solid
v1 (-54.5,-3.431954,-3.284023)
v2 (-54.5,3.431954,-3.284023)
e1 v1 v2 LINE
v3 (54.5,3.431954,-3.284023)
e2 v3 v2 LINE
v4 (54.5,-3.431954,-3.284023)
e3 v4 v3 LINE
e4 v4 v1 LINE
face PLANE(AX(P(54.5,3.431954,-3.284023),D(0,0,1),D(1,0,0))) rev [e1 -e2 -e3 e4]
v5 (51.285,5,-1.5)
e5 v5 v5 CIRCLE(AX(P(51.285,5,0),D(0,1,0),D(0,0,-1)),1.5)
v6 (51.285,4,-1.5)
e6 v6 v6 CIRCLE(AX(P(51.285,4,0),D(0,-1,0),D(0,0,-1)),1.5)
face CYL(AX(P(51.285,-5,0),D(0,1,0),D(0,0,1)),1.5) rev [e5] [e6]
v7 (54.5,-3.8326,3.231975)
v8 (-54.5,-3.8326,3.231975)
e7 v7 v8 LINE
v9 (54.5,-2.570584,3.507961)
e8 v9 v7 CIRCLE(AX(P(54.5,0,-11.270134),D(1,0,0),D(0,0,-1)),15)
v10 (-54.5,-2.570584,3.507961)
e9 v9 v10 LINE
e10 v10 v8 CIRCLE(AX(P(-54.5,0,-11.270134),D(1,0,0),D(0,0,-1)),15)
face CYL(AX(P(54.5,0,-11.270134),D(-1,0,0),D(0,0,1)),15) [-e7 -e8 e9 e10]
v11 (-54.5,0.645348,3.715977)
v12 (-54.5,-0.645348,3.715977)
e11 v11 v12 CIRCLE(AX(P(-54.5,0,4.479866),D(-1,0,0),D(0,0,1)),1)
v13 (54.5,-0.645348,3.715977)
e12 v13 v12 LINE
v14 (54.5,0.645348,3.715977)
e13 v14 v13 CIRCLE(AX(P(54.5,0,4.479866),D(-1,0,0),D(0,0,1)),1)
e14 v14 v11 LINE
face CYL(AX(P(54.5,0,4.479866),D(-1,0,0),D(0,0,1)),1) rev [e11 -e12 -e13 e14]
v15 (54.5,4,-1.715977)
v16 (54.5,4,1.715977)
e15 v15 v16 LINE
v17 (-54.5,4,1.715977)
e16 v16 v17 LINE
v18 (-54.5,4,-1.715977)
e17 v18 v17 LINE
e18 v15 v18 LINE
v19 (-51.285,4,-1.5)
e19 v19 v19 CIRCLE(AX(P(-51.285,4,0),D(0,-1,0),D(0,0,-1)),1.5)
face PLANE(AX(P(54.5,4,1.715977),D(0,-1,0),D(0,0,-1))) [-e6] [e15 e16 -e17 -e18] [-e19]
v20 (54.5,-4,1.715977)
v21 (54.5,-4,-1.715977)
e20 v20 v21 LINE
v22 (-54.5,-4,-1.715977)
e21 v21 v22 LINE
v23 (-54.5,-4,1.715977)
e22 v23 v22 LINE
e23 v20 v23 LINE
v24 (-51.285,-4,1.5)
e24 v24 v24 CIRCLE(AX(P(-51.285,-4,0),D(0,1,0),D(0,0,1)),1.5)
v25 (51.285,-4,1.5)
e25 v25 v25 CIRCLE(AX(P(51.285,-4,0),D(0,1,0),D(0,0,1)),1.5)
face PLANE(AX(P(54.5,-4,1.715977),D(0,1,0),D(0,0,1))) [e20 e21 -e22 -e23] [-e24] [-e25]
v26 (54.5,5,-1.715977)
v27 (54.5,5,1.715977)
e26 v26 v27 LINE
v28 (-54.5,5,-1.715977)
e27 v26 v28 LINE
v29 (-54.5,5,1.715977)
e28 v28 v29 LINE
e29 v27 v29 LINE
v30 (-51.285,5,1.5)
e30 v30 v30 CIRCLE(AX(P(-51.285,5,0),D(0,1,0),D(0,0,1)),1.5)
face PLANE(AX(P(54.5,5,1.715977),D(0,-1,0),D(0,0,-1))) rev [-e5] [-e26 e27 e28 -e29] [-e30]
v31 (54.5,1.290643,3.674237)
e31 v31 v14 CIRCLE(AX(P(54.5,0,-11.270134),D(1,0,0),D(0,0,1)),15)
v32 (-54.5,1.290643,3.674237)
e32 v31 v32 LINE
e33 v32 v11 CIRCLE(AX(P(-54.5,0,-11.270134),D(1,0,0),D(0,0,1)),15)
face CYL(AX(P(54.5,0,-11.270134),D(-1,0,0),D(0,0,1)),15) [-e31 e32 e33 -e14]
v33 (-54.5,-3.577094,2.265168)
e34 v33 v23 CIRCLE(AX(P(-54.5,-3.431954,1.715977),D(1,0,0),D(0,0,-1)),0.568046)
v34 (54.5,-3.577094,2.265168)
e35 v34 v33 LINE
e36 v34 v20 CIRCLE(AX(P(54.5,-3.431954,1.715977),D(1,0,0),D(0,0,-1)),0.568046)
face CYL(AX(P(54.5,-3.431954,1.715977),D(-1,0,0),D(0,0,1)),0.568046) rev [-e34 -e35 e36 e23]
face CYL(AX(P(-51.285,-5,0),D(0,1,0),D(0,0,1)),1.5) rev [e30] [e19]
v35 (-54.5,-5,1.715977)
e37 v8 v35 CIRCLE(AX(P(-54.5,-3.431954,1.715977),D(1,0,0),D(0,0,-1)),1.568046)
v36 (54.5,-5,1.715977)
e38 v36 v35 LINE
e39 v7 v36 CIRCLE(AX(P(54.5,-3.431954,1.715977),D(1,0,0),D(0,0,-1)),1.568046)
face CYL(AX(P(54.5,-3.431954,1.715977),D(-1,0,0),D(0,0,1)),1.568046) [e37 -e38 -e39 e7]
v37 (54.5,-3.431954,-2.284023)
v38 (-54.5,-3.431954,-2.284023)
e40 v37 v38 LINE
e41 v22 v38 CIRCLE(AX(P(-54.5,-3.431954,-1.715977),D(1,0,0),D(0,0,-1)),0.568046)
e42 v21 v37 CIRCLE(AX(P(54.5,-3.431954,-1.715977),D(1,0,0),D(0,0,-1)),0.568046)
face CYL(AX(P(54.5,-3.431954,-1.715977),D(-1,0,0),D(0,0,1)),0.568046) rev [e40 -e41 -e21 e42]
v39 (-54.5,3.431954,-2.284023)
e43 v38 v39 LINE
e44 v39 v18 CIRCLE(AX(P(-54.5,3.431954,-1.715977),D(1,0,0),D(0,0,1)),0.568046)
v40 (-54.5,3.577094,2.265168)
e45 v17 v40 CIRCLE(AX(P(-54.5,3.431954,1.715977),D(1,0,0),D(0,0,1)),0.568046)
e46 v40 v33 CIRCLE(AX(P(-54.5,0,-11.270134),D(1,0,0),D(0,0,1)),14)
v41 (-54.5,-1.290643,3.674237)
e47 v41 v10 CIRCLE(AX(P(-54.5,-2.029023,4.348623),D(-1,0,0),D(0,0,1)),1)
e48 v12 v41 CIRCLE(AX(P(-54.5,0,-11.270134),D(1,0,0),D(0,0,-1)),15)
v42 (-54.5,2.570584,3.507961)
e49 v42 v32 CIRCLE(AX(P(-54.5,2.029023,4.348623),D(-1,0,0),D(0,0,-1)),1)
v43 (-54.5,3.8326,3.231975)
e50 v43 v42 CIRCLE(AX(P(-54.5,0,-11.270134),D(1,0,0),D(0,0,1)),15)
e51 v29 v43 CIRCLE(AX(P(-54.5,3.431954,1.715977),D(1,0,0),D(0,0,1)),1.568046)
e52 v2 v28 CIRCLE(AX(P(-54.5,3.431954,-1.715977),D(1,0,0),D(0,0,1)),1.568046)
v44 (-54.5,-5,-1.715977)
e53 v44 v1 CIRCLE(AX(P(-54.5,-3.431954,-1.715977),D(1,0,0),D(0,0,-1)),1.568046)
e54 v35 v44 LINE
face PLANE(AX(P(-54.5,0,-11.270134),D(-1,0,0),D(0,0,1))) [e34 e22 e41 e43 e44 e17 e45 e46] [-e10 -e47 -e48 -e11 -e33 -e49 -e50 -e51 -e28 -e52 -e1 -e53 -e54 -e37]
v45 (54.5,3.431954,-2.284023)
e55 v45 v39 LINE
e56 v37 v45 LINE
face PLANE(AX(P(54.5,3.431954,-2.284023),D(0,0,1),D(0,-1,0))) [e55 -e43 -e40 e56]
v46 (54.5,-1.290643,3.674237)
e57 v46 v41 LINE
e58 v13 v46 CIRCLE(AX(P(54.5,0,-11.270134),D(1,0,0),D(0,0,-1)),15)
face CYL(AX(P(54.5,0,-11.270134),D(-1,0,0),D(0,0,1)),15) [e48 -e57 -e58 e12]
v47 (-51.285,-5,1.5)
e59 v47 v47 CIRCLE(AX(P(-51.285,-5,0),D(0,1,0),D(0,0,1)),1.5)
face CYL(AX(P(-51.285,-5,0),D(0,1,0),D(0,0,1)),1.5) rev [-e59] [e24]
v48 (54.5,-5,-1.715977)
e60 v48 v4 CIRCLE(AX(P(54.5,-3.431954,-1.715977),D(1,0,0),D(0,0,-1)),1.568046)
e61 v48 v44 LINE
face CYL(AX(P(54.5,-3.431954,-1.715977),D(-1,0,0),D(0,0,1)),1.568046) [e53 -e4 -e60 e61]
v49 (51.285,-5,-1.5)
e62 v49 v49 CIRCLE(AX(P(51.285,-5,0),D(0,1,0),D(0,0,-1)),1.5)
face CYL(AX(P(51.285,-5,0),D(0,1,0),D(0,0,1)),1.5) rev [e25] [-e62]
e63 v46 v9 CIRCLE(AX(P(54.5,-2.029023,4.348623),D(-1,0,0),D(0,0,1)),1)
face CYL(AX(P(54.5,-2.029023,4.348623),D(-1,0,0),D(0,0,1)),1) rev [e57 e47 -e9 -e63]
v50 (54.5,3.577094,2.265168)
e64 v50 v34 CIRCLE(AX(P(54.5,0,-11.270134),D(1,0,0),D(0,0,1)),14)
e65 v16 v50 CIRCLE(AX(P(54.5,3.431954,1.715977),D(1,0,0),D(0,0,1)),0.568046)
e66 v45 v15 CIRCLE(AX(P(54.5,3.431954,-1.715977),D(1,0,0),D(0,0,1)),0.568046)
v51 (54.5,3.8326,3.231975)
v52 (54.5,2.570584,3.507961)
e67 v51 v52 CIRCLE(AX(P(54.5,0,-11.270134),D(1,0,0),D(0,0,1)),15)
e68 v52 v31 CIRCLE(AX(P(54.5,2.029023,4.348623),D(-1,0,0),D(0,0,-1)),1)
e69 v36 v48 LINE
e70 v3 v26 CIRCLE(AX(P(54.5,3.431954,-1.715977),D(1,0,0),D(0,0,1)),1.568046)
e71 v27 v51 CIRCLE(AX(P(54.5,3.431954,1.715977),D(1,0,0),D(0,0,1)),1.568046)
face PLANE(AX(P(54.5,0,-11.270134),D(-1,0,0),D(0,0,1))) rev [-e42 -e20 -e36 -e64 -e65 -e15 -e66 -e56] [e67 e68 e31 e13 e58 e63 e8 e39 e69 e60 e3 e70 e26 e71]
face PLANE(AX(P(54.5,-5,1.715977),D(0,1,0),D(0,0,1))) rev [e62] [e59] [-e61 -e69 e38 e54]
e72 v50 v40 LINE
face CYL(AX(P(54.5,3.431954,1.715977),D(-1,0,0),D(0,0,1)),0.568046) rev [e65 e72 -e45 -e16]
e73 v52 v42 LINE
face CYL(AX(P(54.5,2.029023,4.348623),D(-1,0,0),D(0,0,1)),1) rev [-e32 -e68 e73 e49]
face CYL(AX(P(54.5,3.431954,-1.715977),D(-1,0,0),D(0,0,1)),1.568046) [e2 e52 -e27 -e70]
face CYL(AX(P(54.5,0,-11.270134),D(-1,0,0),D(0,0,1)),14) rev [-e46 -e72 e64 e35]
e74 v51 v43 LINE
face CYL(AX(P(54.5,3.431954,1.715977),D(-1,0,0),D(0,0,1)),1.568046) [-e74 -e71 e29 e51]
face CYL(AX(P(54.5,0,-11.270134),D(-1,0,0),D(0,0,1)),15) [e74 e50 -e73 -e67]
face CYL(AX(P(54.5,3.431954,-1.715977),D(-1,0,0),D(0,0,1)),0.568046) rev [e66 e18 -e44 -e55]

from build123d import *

# Parameters (mm, degrees)
EXTRUDE1_DEPTH          = 54.5
CUT_EXTRUDE1_DEPTH      = 55.854885702
CUT_EXTRUDE1_DEPTH_BACK = 55.854885702
SKETCH2_R               = 1.5


with BuildPart() as part:
    # Sketch1 → Extrude1 (new, symmetric)
    with BuildSketch(Plane(origin=(0, 0, 0), x_dir=(0, 0, -1), z_dir=(1, 0, 0))):
        with BuildLine():
            Line((-1.715977045, 5), (1.715977045, 5))
            ThreePointArc((1.715977045, 5), (2.824752941, 4.540729986), (3.284022955, 3.43195409))
            Line((3.284022955, 3.43195409), (3.284022955, -3.43195409))
            ThreePointArc((3.284022955, -3.43195409), (2.824752941, -4.540729986), (1.715977045, -5))
            Line((1.715977045, -5), (-1.715977045, -5))
            ThreePointArc((-1.715977045, -5), (-2.672673527, -4.674330771), (-3.23197526, -3.832600305))
            ThreePointArc((-3.23197526, -3.832600305), (-3.383560587, -3.204564402), (-3.507961213, -2.570583572))
            ThreePointArc((-3.507961213, -2.570583572), (-3.356955711, -1.900195953), (-3.674237451, -1.290643232))
            ThreePointArc((-3.674237451, -1.290643232), (-3.698584955, -0.968220458), (-3.715977045, -0.645347786))
            ThreePointArc((-3.715977045, -0.645347786), (-3.479865934, 0), (-3.715977045, 0.645347786))
            ThreePointArc((-3.715977045, 0.645347786), (-3.698584955, 0.968220458), (-3.674237451, 1.290643232))
            ThreePointArc((-3.674237451, 1.290643232), (-3.356955711, 1.900195953), (-3.507961213, 2.570583572))
            ThreePointArc((-3.507961213, 2.570583572), (-3.383560587, 3.204564402), (-3.23197526, 3.832600305))
            ThreePointArc((-3.23197526, 3.832600305), (-2.672673527, 4.674330771), (-1.715977045, 5))
        make_face()
        with BuildLine():
            Line((-1.715977045, 4), (1.715977045, 4))
            ThreePointArc((1.715977045, 4), (2.11764616, 3.833623205), (2.284022955, 3.43195409))
            Line((2.284022955, 3.43195409), (2.284022955, -3.43195409))
            ThreePointArc((2.284022955, -3.43195409), (2.11764616, -3.833623205), (1.715977045, -4))
            Line((1.715977045, -4), (-1.715977045, -4))
            ThreePointArc((-1.715977045, -4), (-2.062553328, -3.882021902), (-2.265167971, -3.577093618))
            ThreePointArc((-2.265167971, -3.577093618), (-2.729865934, 0), (-2.265167971, 3.577093618))
            ThreePointArc((-2.265167971, 3.577093618), (-2.062553328, 3.882021902), (-1.715977045, 4))
        make_face(mode=Mode.SUBTRACT)
    extrude(amount=EXTRUDE1_DEPTH, both=True)

    # Sketch2 → Cut-Extrude1 (cut, two sides: drawn at the far end of the back side and taken through both)
    with BuildSketch(Plane(origin=(0, 0, 0), x_dir=(1, 0, 0), z_dir=(0, 1, 0)).offset(-CUT_EXTRUDE1_DEPTH_BACK)):
        with Locations(Location((-51.285, 0, 0), (0, 0, 270))):
            Circle(SKETCH2_R)
        with Locations(Location((51.285, 0, 0), (0, 0, 90))):
            Circle(SKETCH2_R)
    extrude(amount=CUT_EXTRUDE1_DEPTH + CUT_EXTRUDE1_DEPTH_BACK, mode=Mode.SUBTRACT)


solid = part.part
